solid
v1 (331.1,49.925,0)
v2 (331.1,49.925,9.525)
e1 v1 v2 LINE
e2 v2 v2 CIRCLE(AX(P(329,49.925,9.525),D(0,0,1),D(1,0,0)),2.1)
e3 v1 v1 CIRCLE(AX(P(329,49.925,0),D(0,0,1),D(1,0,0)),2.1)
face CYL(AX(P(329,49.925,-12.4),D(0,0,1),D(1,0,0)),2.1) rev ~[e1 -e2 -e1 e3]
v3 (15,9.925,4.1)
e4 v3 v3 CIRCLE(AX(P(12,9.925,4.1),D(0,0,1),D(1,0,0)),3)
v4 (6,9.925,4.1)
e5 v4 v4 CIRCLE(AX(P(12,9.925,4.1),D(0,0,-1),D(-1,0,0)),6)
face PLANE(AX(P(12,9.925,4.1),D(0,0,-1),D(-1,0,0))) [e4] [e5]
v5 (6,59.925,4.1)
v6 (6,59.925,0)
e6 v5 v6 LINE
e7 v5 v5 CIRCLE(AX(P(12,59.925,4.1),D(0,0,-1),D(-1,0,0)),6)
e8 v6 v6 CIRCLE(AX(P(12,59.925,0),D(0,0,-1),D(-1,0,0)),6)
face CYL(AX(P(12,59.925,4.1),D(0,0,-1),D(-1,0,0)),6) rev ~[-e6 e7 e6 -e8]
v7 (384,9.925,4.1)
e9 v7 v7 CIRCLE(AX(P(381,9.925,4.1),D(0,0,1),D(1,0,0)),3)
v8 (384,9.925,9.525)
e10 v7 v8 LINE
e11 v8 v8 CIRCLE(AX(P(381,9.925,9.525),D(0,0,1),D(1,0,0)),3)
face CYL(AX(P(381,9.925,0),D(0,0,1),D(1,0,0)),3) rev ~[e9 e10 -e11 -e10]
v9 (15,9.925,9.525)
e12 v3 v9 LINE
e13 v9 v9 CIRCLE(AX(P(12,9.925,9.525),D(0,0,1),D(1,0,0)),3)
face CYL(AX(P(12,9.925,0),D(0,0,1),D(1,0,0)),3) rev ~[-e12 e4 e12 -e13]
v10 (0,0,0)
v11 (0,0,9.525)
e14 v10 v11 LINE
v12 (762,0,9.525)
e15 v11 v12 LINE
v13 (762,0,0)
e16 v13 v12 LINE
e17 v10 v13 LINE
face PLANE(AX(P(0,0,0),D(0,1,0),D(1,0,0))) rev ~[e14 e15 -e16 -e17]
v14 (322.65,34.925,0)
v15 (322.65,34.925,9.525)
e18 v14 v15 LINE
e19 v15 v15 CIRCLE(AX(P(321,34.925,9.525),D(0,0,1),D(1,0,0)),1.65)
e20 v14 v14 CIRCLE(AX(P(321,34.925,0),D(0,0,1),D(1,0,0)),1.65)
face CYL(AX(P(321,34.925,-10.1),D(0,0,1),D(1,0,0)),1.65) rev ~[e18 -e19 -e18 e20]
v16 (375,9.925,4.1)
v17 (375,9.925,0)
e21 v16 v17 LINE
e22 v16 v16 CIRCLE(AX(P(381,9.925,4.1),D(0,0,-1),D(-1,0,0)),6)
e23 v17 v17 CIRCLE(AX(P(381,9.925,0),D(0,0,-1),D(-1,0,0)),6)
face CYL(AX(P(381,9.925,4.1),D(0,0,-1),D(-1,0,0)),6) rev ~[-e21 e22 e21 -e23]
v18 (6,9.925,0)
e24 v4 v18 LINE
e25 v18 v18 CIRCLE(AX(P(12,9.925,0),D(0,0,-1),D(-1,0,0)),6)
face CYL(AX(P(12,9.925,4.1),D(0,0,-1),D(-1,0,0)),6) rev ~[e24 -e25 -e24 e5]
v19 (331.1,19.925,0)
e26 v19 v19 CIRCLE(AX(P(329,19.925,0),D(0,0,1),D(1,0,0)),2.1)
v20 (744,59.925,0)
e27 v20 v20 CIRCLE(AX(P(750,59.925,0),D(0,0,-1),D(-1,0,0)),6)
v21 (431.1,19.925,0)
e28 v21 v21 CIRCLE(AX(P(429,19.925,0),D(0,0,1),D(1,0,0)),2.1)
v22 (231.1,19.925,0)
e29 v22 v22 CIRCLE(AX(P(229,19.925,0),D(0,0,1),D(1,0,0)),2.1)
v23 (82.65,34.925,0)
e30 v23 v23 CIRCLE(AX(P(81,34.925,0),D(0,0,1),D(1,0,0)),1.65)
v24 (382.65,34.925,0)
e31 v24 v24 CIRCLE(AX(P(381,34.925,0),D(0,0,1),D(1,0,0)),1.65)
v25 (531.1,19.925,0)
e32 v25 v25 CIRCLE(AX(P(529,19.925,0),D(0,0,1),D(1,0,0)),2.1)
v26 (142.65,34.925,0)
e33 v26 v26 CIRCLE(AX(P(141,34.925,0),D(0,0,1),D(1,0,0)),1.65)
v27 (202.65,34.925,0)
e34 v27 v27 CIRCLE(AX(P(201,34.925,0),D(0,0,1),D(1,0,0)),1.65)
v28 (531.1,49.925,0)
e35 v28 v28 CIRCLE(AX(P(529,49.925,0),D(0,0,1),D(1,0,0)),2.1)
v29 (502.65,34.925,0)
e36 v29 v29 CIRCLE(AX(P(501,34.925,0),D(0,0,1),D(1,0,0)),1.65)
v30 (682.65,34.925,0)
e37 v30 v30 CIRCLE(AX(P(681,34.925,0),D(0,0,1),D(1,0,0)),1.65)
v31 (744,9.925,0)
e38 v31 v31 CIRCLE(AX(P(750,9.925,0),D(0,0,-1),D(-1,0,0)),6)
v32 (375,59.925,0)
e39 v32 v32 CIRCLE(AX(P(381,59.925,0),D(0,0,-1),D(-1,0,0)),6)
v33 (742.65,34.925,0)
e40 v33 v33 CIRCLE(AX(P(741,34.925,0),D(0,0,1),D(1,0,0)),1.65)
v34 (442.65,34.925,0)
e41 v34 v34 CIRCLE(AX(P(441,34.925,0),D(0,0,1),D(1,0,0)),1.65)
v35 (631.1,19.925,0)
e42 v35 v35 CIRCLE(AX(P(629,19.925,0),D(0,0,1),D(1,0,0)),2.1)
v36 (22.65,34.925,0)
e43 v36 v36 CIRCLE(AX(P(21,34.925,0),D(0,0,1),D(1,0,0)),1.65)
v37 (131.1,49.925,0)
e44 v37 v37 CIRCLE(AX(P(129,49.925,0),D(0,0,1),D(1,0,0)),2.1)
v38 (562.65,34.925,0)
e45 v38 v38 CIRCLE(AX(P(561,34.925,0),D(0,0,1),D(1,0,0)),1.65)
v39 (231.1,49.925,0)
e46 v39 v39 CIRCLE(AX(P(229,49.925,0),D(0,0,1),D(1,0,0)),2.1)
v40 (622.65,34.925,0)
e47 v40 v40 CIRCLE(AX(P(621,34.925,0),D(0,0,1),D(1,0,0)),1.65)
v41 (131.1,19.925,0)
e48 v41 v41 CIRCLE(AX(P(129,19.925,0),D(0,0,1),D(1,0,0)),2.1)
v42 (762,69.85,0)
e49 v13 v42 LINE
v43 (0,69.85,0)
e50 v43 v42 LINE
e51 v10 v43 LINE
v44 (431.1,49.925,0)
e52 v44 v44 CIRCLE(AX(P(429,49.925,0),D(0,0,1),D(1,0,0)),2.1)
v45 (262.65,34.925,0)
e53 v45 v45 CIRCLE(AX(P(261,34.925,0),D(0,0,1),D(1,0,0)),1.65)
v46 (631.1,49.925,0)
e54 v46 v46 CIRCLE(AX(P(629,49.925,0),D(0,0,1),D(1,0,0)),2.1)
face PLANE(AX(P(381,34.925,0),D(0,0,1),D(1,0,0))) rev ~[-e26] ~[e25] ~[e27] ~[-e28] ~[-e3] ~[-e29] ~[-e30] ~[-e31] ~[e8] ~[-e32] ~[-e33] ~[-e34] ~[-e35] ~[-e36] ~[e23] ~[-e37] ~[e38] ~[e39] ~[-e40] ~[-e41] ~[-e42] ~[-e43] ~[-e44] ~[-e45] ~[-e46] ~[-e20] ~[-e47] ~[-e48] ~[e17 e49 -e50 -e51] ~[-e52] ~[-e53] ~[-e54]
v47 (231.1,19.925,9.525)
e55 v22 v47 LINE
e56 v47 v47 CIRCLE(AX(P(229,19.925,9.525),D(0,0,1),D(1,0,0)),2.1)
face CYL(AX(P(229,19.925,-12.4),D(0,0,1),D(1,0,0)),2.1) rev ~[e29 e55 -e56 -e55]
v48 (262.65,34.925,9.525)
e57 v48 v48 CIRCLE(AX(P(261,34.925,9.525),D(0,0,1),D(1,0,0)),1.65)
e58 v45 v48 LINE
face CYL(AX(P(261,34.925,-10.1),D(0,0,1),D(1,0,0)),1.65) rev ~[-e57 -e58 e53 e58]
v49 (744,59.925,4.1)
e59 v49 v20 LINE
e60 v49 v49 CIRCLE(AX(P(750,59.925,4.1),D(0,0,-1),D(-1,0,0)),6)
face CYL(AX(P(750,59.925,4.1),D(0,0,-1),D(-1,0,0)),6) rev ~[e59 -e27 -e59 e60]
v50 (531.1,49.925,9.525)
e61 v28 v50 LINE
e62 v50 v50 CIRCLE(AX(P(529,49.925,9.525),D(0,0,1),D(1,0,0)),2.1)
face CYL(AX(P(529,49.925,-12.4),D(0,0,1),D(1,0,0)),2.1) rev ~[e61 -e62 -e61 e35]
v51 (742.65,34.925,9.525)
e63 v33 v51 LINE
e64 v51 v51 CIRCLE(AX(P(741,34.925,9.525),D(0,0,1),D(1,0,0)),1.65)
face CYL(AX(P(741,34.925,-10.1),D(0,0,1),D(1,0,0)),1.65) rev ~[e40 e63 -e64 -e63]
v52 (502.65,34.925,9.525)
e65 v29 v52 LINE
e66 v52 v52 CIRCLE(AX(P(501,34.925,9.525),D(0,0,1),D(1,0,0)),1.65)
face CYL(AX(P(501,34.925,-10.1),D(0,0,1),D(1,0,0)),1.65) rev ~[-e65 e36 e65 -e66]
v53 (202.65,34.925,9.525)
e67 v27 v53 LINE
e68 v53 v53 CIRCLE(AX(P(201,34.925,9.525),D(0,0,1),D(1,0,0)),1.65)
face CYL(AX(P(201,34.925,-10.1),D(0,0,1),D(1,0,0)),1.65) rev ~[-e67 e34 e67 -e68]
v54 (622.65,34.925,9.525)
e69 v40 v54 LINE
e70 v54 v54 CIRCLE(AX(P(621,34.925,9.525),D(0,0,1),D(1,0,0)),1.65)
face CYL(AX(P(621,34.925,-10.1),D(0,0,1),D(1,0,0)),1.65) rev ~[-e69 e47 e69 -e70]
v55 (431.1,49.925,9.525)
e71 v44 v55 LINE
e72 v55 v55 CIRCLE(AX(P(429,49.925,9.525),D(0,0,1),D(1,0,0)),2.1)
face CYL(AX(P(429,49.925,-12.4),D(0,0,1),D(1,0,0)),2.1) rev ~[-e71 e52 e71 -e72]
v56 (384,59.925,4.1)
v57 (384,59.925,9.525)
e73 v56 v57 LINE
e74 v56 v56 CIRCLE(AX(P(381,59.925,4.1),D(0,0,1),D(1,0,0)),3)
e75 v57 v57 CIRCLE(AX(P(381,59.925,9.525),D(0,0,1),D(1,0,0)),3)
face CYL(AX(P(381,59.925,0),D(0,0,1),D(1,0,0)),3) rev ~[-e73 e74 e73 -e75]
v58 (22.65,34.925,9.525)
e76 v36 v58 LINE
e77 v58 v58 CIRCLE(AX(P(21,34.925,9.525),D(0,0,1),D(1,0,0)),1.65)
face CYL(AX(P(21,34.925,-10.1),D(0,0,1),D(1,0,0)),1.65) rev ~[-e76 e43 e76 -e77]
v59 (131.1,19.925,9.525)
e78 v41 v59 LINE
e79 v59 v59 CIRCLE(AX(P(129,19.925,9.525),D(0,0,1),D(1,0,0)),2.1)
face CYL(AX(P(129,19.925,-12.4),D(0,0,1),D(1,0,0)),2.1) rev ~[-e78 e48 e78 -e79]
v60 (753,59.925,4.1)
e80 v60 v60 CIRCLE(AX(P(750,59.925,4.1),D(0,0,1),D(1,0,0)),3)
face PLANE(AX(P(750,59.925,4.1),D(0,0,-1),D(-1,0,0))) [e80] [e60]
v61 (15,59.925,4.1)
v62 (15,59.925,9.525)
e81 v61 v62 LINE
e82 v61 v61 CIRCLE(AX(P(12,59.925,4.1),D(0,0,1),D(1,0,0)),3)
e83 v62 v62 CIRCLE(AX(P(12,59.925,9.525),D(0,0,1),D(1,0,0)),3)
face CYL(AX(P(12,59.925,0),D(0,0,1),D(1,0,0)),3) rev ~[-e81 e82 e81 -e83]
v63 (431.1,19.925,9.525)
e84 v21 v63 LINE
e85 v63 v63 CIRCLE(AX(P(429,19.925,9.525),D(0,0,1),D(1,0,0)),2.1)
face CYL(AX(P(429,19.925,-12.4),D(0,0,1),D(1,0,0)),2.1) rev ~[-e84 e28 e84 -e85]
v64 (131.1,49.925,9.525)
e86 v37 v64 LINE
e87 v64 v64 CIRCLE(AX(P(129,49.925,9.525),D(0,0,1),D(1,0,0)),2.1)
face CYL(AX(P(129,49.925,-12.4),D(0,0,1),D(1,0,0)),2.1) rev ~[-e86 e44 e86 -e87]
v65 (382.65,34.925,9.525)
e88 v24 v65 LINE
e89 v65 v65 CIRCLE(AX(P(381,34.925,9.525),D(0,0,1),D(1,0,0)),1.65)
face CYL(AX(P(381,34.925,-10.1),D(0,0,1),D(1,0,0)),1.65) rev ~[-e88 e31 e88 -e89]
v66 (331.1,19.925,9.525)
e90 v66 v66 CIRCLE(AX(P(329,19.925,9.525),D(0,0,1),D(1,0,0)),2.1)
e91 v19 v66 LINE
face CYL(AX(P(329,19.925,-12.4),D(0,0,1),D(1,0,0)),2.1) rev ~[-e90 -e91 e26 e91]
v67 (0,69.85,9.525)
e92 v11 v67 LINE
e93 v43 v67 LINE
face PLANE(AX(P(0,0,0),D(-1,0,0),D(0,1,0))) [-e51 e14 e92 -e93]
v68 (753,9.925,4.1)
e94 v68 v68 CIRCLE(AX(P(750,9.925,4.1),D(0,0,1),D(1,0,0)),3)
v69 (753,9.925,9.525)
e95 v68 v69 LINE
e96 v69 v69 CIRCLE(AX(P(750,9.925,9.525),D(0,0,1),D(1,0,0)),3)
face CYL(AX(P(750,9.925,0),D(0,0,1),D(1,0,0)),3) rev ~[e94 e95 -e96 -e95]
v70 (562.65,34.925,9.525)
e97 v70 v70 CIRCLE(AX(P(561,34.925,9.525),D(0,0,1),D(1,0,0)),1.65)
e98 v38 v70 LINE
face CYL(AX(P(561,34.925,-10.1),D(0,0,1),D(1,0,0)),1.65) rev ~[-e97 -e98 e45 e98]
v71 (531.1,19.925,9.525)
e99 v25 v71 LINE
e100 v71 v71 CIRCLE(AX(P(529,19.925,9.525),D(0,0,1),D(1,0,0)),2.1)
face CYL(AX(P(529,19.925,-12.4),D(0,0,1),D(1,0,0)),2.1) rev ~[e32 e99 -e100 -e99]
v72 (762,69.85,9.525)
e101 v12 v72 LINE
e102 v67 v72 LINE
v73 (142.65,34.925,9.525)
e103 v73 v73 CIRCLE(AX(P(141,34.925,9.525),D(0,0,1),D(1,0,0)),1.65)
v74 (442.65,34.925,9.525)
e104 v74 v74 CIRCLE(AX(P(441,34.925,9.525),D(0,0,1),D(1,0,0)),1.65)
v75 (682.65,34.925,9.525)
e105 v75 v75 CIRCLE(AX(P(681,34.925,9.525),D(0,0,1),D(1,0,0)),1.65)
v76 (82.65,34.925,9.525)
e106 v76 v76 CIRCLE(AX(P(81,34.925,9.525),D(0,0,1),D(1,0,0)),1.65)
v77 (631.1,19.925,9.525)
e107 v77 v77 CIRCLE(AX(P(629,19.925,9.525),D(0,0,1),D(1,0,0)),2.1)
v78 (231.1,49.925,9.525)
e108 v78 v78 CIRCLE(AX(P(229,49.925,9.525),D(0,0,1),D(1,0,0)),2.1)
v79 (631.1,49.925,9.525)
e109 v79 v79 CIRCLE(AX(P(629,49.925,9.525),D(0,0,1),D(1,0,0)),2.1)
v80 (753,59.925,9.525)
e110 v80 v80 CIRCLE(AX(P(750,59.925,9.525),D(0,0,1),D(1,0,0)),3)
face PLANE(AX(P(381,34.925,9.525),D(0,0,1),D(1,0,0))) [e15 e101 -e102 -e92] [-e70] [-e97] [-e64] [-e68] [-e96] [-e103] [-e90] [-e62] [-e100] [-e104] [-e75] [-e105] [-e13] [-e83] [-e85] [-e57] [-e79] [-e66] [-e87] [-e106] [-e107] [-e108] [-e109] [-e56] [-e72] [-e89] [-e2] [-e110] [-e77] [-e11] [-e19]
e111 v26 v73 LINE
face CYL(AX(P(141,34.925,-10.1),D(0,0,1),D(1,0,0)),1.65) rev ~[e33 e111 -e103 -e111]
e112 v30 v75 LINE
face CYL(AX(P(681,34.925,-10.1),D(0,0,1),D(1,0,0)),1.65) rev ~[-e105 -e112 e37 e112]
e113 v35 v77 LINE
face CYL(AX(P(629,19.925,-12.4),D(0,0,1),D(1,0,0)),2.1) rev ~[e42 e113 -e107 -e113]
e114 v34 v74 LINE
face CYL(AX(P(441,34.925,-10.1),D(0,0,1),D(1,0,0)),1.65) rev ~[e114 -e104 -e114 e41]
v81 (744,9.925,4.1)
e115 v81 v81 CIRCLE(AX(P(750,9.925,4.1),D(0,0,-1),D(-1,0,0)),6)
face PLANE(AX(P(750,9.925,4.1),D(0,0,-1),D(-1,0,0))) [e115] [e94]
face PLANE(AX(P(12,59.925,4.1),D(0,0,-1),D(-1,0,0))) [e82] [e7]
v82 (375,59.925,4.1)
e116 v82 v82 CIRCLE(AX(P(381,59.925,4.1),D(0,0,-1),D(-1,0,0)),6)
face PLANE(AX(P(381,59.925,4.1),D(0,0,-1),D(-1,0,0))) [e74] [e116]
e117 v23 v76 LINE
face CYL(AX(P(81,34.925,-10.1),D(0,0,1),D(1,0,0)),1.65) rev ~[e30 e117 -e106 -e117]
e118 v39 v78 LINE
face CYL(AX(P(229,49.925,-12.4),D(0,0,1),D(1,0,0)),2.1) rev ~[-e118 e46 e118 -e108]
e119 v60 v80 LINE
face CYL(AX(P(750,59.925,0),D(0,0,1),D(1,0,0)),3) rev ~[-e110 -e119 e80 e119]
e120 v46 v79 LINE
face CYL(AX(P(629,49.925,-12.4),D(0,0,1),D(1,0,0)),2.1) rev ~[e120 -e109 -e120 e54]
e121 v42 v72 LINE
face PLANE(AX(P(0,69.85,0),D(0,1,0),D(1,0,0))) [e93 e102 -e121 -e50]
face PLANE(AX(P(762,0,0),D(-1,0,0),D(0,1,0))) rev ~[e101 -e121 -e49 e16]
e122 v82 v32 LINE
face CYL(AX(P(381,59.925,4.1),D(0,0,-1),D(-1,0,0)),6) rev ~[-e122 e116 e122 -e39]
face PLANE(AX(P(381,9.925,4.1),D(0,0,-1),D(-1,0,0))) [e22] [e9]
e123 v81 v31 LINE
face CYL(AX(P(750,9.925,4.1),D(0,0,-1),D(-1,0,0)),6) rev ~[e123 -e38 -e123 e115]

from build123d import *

# Parameters (mm, degrees)
SKETCH1_W                 = 762
SKETCH1_H                 = 69.85
BOSS_EXTRUDE1_DEPTH       = 9.525
HOLE1_D                   = 6
HOLE1_CBORE_D             = 12
HOLE1_CBORE_DEPTH         = 4.1
M4X0_7_TAPPED_HOLE1_D     = 3.3
M4X0_7_TAPPED_HOLE1_DEPTH = 10.1
M4X0_7_TAPPED_HOLE1_TIP   = 0.991420021
M5X0_8_TAPPED_HOLE1_D     = 4.2
M5X0_8_TAPPED_HOLE1_DEPTH = 12.4
M5X0_8_TAPPED_HOLE1_TIP   = 1.2618073


with BuildPart() as part:
    # Sketch1 → Boss-Extrude1 (new body)
    with BuildSketch(Plane.XY):
        with Locations((381, 34.925)):
            Rectangle(SKETCH1_W, SKETCH1_H)
    extrude(amount=BOSS_EXTRUDE1_DEPTH)

    # Hole1 (through all)
    with Locations(Plane(origin=(750, 59.925, 0), x_dir=(-1, 0, 0), z_dir=(0, 0, -1))):
        with Locations((0, 0), (0, -50), (369, 0), (369, -50), (738, 0), (738, -50)):
            CounterBoreHole(HOLE1_D / 2, HOLE1_CBORE_D / 2, HOLE1_CBORE_DEPTH)

    # M4x0.7 Tapped Hole1
    with Locations(Plane(origin=(741, 34.925, 0), x_dir=(-1, 0, 0), z_dir=(0, 0, -1))):
        with Locations((0, 0), (60, 0), (120, 0), (180, 0), (240, 0), (300, 0), (360, 0), (420, 0), (480, 0), (540, 0), (600, 0), (660, 0), (720, 0)):
            Hole(M4X0_7_TAPPED_HOLE1_D / 2, depth=M4X0_7_TAPPED_HOLE1_DEPTH)
            with Locations((0, 0, -(M4X0_7_TAPPED_HOLE1_DEPTH + M4X0_7_TAPPED_HOLE1_TIP / 2))):  # 118° drill point
                Cone(0, M4X0_7_TAPPED_HOLE1_D / 2, M4X0_7_TAPPED_HOLE1_TIP, mode=Mode.SUBTRACT)

    # M5x0.8 Tapped Hole1
    with Locations(Plane(origin=(629, 49.925, 0), x_dir=(-1, 0, 0), z_dir=(0, 0, -1))):
        with Locations((0, 0), (0, -30), (100, 0), (100, -30), (200, 0), (200, -30), (300, 0), (300, -30), (400, 0), (400, -30), (500, 0), (500, -30)):
            Hole(M5X0_8_TAPPED_HOLE1_D / 2, depth=M5X0_8_TAPPED_HOLE1_DEPTH)
            with Locations((0, 0, -(M5X0_8_TAPPED_HOLE1_DEPTH + M5X0_8_TAPPED_HOLE1_TIP / 2))):  # 118° drill point
                Cone(0, M5X0_8_TAPPED_HOLE1_D / 2, M5X0_8_TAPPED_HOLE1_TIP, mode=Mode.SUBTRACT)


solid = part.part
